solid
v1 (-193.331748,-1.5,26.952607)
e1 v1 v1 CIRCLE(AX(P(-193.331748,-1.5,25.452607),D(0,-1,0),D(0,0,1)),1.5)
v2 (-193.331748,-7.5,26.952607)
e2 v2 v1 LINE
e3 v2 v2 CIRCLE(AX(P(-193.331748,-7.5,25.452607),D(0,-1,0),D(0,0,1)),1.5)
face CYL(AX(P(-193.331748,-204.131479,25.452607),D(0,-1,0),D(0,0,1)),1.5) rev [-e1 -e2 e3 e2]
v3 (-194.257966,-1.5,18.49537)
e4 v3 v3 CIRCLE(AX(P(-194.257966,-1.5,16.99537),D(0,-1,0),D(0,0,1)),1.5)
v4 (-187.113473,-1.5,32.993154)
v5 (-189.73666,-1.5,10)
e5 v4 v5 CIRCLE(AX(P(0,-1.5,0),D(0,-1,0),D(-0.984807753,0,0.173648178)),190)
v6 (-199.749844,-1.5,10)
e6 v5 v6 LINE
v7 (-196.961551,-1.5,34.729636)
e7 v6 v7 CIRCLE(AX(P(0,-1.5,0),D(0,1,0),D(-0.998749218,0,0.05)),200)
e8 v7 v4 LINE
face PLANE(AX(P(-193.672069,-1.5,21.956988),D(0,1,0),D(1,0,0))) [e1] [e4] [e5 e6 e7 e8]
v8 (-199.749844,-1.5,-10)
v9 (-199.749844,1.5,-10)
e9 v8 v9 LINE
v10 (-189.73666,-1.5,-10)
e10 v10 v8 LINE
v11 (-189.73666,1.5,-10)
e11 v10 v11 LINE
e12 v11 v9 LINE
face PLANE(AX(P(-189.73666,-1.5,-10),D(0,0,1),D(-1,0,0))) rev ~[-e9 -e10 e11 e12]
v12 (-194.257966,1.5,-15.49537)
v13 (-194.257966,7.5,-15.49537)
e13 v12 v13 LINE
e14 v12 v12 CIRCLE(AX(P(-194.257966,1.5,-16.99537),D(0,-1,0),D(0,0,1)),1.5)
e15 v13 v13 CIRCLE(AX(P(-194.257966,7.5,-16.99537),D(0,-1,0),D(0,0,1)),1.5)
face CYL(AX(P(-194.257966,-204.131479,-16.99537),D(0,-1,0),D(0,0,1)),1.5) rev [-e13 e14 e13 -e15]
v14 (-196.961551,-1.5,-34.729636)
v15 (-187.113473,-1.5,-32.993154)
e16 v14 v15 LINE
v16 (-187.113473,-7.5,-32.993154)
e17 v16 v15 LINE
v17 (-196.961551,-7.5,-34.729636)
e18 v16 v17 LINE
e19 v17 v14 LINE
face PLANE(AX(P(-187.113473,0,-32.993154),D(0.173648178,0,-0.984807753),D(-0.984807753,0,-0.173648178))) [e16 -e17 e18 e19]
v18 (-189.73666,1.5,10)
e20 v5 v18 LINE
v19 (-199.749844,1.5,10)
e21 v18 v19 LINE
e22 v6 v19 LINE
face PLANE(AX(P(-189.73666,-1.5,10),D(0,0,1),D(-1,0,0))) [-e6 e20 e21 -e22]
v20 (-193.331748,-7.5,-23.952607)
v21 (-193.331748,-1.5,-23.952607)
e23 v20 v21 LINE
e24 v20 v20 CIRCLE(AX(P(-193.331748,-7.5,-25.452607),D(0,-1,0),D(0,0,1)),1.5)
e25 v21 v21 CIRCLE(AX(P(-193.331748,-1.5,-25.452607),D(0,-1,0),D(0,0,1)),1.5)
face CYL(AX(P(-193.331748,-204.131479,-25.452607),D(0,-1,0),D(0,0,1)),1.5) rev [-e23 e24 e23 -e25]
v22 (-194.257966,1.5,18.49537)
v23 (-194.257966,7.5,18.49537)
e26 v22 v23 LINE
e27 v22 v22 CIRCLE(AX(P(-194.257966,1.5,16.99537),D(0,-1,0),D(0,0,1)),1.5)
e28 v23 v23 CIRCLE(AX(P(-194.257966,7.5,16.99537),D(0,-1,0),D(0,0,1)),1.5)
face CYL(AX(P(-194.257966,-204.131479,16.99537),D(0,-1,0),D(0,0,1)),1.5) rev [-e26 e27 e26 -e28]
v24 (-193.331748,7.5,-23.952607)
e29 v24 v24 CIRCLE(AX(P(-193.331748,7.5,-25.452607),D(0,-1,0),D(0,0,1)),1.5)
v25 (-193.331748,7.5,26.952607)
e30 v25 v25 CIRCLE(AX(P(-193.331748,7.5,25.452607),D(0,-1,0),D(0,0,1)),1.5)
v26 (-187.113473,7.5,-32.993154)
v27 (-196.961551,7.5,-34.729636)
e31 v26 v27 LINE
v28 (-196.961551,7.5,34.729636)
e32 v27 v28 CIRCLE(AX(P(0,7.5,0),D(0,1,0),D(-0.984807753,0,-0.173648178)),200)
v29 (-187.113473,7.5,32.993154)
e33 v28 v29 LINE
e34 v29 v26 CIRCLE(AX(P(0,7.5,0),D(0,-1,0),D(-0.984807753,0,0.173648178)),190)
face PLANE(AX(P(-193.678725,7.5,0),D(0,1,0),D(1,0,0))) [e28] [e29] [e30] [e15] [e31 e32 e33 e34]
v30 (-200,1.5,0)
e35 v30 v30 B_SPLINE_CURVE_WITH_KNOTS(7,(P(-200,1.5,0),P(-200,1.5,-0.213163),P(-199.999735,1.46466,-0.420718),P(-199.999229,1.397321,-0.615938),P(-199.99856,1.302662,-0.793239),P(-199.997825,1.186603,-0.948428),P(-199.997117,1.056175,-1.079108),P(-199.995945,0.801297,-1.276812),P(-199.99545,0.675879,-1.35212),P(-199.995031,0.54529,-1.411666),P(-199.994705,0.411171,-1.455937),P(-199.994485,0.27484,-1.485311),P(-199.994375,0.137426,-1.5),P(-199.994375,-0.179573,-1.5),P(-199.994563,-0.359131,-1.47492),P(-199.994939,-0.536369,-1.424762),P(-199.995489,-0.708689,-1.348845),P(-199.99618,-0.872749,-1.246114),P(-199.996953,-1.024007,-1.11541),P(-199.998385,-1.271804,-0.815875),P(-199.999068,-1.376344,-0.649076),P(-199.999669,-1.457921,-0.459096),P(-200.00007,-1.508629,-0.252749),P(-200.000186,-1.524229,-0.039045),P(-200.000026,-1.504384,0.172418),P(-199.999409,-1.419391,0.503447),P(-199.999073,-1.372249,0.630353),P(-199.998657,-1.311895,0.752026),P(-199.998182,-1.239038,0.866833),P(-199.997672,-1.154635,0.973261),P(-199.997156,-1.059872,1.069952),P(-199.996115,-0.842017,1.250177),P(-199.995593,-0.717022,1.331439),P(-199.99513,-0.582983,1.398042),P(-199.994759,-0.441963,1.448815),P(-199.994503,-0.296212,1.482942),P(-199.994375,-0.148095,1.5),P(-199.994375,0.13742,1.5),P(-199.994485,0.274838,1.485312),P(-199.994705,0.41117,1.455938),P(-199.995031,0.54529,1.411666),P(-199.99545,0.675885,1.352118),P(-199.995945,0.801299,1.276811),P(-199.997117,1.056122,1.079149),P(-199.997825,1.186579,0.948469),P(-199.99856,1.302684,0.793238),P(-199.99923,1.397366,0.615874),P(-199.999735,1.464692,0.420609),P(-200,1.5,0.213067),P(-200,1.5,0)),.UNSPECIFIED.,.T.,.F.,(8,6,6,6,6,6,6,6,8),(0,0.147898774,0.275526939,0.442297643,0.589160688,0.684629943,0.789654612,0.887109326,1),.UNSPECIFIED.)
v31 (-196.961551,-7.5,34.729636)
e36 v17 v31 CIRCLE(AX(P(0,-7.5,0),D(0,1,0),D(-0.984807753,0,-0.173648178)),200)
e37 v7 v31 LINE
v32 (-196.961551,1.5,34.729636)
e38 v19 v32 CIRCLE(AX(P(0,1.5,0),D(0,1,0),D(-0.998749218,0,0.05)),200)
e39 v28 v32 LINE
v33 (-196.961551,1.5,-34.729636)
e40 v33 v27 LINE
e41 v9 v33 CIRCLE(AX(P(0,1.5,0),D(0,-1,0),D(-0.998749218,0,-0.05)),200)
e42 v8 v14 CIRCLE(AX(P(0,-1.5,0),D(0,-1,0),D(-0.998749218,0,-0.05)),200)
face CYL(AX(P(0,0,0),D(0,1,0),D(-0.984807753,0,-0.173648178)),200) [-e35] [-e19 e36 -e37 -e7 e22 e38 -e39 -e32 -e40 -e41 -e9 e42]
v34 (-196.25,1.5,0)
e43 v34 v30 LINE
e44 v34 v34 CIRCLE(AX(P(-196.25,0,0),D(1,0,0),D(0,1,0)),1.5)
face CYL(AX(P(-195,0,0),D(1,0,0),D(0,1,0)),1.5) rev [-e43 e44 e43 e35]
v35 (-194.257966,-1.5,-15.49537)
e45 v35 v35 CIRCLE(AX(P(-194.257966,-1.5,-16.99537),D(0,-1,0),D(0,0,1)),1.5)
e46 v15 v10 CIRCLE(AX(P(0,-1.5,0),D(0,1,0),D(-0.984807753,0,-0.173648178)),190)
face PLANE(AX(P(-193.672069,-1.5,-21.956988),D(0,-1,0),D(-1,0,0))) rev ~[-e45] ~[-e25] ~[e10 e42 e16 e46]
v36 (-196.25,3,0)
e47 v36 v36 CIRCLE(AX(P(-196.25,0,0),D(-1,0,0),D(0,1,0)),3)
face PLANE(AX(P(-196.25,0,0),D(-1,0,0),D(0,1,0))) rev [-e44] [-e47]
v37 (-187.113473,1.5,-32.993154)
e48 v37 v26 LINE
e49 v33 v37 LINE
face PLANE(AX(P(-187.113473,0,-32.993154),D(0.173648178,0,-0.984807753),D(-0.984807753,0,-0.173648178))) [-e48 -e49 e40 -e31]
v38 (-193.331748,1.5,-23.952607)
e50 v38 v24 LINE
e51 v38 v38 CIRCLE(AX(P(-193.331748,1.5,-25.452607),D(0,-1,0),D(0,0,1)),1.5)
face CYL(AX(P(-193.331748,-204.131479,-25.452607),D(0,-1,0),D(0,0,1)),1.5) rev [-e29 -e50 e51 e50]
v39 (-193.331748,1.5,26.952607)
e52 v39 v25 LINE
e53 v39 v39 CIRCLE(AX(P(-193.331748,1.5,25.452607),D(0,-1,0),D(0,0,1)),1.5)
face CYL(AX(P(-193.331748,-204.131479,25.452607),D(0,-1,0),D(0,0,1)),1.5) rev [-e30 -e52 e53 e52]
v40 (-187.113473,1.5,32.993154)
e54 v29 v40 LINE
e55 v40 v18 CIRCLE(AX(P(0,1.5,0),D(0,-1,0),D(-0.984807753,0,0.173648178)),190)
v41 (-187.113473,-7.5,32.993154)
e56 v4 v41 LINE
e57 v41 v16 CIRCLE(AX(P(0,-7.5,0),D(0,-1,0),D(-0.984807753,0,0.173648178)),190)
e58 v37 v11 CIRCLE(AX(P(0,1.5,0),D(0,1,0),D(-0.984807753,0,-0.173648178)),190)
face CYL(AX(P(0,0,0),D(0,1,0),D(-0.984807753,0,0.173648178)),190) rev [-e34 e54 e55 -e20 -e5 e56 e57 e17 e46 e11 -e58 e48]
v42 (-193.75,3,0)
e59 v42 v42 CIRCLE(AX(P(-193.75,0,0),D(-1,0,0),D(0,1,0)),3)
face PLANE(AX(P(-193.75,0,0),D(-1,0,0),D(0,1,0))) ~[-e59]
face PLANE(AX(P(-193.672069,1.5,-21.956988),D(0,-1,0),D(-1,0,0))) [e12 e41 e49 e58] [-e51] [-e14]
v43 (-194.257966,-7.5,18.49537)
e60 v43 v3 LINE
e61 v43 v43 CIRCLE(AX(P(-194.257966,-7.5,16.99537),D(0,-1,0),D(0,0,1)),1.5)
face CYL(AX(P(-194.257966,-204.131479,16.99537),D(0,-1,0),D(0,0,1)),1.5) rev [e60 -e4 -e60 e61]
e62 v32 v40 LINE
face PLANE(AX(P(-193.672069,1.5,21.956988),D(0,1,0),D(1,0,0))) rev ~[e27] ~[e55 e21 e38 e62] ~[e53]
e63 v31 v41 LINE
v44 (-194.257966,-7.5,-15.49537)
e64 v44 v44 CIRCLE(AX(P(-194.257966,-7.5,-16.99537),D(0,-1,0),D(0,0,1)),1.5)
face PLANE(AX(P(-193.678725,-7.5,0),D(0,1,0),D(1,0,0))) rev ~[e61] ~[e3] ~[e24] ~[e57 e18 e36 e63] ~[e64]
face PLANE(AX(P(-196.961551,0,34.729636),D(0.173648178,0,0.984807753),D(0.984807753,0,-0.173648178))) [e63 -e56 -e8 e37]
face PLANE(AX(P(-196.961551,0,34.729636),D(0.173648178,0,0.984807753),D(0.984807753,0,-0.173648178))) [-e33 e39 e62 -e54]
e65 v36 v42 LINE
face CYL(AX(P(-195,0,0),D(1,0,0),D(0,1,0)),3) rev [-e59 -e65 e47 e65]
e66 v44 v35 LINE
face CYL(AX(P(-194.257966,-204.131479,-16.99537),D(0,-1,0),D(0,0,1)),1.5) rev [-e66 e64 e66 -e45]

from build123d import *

# Parameters (mm, degrees)
BASE_DEPTH            = 7.5
MOUNT_START           = -1.5
MOUNT_DEPTH           = 3
MOUNT_HOLE_DEPTH      = 204.131478566
MOUNT_HOLE_DEPTH_BACK = 204.131478566
SKETCH12_R            = 1.5
SKETCH14_R            = 1.5
SHAFT_HOLE_DEPTH      = 37.394984425
SKETCH13_W            = 2.5
SKETCH13_H            = 3


with BuildPart() as part:
    # Sketch9 → base (new, symmetric)
    with BuildSketch(Plane(origin=(0, 0, 0), x_dir=(1, 0, 0), z_dir=(0, 1, 0))):
        with BuildLine():
            ThreePointArc((-187.113473072, -32.993153757), (-190, 0), (-187.113473072, 32.993153757))
            Line((-187.113473072, 32.993153757), (-196.961550602, 34.729635533))
            ThreePointArc((-196.961550602, 34.729635533), (-200, 0), (-196.961550602, -34.729635533))
            Line((-196.961550602, -34.729635533), (-187.113473072, -32.993153757))
        make_face()
    extrude(amount=BASE_DEPTH, both=True)

    # Sketch11 → mount (cut)
    with BuildSketch(Plane(origin=(0, 0, 0), x_dir=(1, 0, 0), z_dir=(0, 1, 0)).offset(MOUNT_START)):
        with BuildLine():
            Line((-189.73665961, -10), (-199.749843554, -10))
            ThreePointArc((-199.749843554, -10), (-198.7407137, -22.408228804), (-196.961550602, -34.729635533))
            Line((-196.961550602, -34.729635533), (-187.113473072, -32.993153757))
            ThreePointArc((-187.113473072, -32.993153757), (-188.775466906, -21.536552519), (-189.73665961, -10))
        make_face()
        with BuildLine():
            Line((-189.73665961, 10), (-199.749843554, 10))
            ThreePointArc((-199.749843554, 10), (-198.7407137, 22.408228804), (-196.961550602, 34.729635533))
            Line((-196.961550602, 34.729635533), (-187.113473072, 32.993153757))
            ThreePointArc((-187.113473072, 32.993153757), (-188.775466906, 21.536552519), (-189.73665961, 10))
        make_face()
    extrude(amount=MOUNT_DEPTH, mode=Mode.SUBTRACT)

    # Sketch12 → mount hole (cut, two sides: drawn at the far end of the back side and taken through both)
    with BuildSketch(Plane(origin=(0, 0, 0), x_dir=(1, 0, 0), z_dir=(0, 1, 0)).offset(-MOUNT_HOLE_DEPTH_BACK)):
        with Locations(Location((-193.331747968, 25.452607483, 0), (0, 0, 270))):
            Circle(SKETCH12_R)
        with Locations(Location((-194.257966128, 16.995369836, 0), (0, 0, 270))):
            Circle(SKETCH12_R)
        with Locations(Location((-194.257966128, -16.995369836, 0), (0, 0, 270))):
            Circle(SKETCH12_R)
        with Locations(Location((-193.331747968, -25.452607483, 0), (0, 0, 270))):
            Circle(SKETCH12_R)
    extrude(amount=MOUNT_HOLE_DEPTH + MOUNT_HOLE_DEPTH_BACK, mode=Mode.SUBTRACT)

    # Sketch14 → shaft hole (cut, through all)
    with BuildSketch(Plane.ZY.offset(195)):
        with Locations(Location((0, 0, 0), (0, 0, 90))):
            Circle(SKETCH14_R)
    extrude(amount=SHAFT_HOLE_DEPTH, mode=Mode.SUBTRACT)

    # Sketch13 → bearing hole (revolve, cut)
    with BuildSketch(Plane(origin=(0, 0, 0), x_dir=(1, 0, 0), z_dir=(0, 1, 0)), mode=Mode.PRIVATE) as bearing_hole_sk:
        with Locations((-195, 1.5)):
            Rectangle(SKETCH13_W, SKETCH13_H)
    revolve(bearing_hole_sk.sketch.rotate(Axis((0, 0, 0), (-1, 0, 0)), 270), axis=Axis((0, 0, 0), (-1, 0, 0)), mode=Mode.SUBTRACT)


solid = part.part
